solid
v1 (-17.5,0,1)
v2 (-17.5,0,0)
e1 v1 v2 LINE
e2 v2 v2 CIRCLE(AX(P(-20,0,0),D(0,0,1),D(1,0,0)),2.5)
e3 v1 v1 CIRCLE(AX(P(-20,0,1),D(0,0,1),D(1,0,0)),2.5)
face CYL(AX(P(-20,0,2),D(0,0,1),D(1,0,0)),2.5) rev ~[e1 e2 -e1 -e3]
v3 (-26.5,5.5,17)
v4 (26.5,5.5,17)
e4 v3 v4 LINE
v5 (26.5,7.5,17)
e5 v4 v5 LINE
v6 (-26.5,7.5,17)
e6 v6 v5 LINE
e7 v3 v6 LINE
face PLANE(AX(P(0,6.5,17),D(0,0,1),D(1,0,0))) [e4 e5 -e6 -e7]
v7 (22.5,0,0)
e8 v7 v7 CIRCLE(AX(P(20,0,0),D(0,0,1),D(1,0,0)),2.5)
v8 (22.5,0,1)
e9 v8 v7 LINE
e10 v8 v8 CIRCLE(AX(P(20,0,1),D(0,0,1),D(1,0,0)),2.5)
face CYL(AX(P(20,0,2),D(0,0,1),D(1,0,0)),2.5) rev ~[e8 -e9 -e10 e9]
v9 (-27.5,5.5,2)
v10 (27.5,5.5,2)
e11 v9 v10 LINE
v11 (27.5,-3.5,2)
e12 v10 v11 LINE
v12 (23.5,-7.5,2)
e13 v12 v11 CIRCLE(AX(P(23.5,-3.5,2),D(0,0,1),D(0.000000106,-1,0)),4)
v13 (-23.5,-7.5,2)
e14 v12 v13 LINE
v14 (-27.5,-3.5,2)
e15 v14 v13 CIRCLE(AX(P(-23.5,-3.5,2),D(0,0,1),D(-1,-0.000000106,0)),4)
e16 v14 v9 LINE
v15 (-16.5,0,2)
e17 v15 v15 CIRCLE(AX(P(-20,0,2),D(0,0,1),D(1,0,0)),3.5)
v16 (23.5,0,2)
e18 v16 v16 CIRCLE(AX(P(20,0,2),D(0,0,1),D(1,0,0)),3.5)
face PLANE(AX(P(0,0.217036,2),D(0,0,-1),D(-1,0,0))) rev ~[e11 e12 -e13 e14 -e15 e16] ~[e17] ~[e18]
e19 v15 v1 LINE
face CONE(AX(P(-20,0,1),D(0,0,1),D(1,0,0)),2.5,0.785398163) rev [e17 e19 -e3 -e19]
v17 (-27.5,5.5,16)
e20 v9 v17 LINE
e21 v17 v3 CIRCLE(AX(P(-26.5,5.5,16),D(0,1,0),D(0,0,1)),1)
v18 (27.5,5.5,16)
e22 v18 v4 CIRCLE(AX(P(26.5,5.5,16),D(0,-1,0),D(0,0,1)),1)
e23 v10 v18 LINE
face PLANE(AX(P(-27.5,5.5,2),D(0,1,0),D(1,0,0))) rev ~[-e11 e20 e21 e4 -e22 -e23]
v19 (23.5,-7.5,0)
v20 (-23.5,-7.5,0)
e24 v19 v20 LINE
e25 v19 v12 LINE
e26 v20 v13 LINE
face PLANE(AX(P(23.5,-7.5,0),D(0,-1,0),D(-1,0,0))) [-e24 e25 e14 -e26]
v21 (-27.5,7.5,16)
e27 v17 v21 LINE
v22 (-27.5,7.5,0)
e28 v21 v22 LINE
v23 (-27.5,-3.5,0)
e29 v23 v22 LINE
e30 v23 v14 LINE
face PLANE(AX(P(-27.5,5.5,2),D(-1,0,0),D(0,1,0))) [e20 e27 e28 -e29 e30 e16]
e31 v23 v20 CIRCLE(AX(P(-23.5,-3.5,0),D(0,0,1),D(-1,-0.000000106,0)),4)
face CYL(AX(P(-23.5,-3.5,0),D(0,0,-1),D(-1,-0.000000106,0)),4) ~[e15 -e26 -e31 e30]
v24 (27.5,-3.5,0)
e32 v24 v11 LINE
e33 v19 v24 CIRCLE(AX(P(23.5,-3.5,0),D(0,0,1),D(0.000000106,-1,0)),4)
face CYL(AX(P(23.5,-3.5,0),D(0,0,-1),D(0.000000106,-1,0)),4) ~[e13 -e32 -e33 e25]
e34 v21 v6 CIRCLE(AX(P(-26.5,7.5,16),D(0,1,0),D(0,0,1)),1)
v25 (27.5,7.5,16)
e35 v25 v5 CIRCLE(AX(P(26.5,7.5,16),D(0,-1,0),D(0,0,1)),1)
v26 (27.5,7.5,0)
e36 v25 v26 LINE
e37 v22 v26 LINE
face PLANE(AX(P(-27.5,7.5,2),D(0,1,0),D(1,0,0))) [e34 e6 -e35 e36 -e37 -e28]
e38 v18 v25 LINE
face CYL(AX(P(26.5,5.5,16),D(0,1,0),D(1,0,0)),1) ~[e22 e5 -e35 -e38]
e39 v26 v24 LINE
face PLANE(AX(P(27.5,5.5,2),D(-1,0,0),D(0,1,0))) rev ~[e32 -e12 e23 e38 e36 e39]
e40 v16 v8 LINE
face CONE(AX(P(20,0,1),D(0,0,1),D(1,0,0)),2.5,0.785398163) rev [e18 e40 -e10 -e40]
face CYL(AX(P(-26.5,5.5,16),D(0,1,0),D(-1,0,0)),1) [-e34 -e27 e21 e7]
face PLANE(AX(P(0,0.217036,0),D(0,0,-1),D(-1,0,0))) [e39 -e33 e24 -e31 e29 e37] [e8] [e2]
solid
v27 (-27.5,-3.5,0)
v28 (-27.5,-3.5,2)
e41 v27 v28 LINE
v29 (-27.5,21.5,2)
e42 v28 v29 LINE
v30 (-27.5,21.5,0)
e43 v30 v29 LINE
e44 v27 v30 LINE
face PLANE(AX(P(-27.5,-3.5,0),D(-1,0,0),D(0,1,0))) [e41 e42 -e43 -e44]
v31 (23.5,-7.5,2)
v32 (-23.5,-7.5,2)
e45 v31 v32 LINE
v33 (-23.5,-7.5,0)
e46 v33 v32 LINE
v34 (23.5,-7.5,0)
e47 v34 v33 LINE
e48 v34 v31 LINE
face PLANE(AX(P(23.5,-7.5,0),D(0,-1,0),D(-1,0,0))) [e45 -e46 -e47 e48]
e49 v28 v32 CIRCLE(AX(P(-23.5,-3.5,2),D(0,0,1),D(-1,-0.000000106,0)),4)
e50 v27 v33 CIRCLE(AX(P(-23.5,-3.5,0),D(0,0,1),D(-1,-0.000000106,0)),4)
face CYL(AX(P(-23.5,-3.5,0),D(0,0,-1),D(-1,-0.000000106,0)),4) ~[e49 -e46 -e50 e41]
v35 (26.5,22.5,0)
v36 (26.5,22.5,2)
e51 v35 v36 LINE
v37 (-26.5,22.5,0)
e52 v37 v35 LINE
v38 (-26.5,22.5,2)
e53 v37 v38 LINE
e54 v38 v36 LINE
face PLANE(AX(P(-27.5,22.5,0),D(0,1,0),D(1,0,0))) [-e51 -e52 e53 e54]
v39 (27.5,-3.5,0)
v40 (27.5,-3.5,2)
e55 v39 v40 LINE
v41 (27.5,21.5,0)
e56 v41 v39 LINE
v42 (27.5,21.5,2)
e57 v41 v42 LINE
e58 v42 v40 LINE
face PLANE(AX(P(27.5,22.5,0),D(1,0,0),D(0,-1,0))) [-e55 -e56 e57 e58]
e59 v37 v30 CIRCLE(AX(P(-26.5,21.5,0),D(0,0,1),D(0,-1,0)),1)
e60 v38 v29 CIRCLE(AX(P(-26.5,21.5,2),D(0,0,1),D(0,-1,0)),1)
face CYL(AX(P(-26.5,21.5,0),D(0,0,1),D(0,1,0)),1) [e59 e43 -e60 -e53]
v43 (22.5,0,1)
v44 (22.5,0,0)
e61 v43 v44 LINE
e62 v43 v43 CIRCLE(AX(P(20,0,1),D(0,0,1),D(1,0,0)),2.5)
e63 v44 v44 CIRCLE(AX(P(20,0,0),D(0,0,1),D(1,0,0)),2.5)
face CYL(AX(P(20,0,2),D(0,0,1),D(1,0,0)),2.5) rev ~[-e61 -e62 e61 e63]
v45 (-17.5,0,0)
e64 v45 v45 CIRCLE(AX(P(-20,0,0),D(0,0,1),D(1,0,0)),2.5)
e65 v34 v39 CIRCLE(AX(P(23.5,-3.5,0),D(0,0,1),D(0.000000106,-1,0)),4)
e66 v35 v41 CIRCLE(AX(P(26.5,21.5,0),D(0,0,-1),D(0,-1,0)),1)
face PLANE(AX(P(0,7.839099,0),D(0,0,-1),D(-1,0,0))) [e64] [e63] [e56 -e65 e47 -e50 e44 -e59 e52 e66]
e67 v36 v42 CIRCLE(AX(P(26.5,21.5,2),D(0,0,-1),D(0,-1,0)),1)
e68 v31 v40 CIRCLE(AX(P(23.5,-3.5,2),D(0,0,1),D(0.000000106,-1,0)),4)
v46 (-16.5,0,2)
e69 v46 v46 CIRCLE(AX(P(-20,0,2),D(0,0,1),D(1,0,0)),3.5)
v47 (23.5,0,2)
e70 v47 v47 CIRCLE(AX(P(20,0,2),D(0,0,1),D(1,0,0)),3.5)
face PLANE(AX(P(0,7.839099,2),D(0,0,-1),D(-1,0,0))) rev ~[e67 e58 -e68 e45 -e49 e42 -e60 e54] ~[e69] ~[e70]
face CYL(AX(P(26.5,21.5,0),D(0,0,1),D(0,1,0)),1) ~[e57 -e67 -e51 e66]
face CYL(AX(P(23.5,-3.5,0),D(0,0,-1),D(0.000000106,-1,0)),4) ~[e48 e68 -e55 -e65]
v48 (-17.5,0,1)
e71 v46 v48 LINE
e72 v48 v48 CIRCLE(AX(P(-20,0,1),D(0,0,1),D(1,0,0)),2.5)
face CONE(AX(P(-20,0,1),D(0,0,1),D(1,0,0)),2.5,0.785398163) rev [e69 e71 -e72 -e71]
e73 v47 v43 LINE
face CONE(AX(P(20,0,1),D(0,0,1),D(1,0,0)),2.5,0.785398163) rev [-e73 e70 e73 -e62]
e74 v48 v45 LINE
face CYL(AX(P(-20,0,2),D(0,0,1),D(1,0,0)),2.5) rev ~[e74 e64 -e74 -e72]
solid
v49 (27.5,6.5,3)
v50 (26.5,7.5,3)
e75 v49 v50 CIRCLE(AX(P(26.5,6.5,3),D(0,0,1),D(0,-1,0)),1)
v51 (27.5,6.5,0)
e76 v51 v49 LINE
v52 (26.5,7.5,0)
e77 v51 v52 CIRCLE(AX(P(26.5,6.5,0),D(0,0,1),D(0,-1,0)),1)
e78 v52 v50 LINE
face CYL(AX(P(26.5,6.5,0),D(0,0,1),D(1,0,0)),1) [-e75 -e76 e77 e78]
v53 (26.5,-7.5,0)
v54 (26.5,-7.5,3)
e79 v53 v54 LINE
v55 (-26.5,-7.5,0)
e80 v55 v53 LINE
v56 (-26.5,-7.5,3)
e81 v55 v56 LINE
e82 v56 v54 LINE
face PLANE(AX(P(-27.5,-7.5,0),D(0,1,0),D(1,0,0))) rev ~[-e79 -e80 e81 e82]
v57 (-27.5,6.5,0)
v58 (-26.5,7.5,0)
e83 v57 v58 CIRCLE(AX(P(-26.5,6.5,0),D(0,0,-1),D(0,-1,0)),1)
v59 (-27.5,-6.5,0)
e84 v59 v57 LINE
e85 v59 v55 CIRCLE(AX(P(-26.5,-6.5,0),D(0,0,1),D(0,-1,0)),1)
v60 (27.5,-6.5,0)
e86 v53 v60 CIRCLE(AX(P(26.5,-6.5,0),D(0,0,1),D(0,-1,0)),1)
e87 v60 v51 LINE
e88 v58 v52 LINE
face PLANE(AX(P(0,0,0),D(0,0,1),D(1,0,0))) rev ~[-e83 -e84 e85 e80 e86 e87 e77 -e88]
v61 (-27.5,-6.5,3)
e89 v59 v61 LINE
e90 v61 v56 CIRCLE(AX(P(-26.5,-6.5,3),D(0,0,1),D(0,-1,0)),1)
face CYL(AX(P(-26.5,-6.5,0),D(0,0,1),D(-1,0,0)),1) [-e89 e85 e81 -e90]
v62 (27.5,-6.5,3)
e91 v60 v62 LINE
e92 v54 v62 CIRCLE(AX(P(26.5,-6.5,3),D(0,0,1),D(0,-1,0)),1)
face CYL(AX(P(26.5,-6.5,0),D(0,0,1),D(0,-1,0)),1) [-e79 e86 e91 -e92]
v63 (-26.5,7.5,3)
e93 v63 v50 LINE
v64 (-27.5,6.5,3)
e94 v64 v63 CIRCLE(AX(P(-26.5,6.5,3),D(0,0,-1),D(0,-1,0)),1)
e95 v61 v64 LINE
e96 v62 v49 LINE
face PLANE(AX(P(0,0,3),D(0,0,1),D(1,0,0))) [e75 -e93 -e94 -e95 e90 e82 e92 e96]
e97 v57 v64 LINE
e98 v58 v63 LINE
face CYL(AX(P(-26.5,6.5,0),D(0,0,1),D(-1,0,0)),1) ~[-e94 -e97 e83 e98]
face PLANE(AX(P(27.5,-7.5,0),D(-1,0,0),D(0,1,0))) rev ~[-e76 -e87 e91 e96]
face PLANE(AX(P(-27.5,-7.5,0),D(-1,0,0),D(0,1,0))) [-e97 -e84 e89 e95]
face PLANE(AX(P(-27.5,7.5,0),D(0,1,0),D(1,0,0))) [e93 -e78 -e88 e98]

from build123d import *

# Parameters (mm, degrees)
PAD_DEPTH       = 2
SKETCH001_W     = 55
SKETCH001_H     = 2
PAD001_DEPTH    = 15
FILLET_R        = 1
SKETCH002_R     = 2.5
POCKET_DEPTH    = 2
CHAMFER_SIZE    = 1
PAD002_DEPTH    = 2
SKETCH004_R     = 2.5
POCKET001_DEPTH = 2
CHAMFER001_SIZE = 1
FILLET001_R     = 1
SKETCH005_W     = 55
SKETCH005_H     = 15
PAD003_DEPTH    = 3
FILLET002_R     = 1


with BuildPart() as battery_brackets_edge_body:
    # Sketch → Pad (new body)
    with BuildSketch(Plane.XY):
        with BuildLine():
            Line((-27.5, 7.5), (27.5, 7.5))
            Line((27.5, 7.5), (27.5, -3.5))
            ThreePointArc((23.5, -7.5), (26.328427, -6.328427), (27.5, -3.5))
            Line((23.5, -7.5), (-23.5, -7.5))
            ThreePointArc((-27.5, -3.5), (-26.328427, -6.328427), (-23.5, -7.5))
            Line((-27.5, -3.5), (-27.5, 7.5))
        make_face()
    extrude(amount=PAD_DEPTH)

    # Sketch001 (on Face8 of Pad) → Pad001 (join)
    with BuildSketch(Plane.XY.offset(2)):
        with Locations((0, 6.5)):
            Rectangle(SKETCH001_W, SKETCH001_H)
    extrude(amount=PAD001_DEPTH)

    # Fillet
    fillet_edges = [battery_brackets_edge_body.edges().sort_by_distance(p)[0] for p in [
        (-27.5, 6.5, 17),
        (27.5, 6.5, 17),
    ]]
    fillet(fillet_edges, radius=FILLET_R)

    # Sketch002 (on Face8 of Fillet) → Pocket (cut)
    with BuildSketch(Plane.XY.offset(2)):
        with Locations((-20, 0)):
            Circle(SKETCH002_R)
        with Locations((20, 0)):
            Circle(SKETCH002_R)
    extrude(amount=-POCKET_DEPTH, mode=Mode.SUBTRACT)

    # Chamfer
    chamfer_edges = [battery_brackets_edge_body.edges().sort_by_distance(p)[0] for p in [
        (17.5, 0, 2),
        (-22.5, 0, 2),
    ]]
    chamfer(chamfer_edges, length=CHAMFER_SIZE)


with BuildPart() as battery_brackets_flat_body:
    # Sketch003 → Pad002 (new body)
    with BuildSketch(Plane.XY):
        with BuildLine():
            Line((-27.5, 22.5), (27.5, 22.5))
            Line((27.5, 22.5), (27.5, -3.5))
            ThreePointArc((23.5, -7.5), (26.328427, -6.328427), (27.5, -3.5))
            Line((23.5, -7.5), (-23.5, -7.5))
            ThreePointArc((-27.5, -3.5), (-26.328427, -6.328427), (-23.5, -7.5))
            Line((-27.5, -3.5), (-27.5, 22.5))
        make_face()
    extrude(amount=PAD002_DEPTH)

    # Sketch004 (on Face8 of Pad002) → Pocket001 (cut)
    with BuildSketch(Plane.XY.offset(2)):
        with Locations((-20, 0)):
            Circle(SKETCH004_R)
        with Locations((20, 0)):
            Circle(SKETCH004_R)
    extrude(amount=-POCKET001_DEPTH, mode=Mode.SUBTRACT)

    # Chamfer001
    chamfer001_edges = [battery_brackets_flat_body.edges().sort_by_distance(p)[0] for p in [
        (-22.5, 0, 2),
        (17.5, 0, 2),
    ]]
    chamfer(chamfer001_edges, length=CHAMFER001_SIZE)

    # Fillet001
    fillet001_edges = [battery_brackets_flat_body.edges().sort_by_distance(p)[0] for p in [
        (27.5, 22.5, 1),
        (-27.5, 22.5, 1),
    ]]
    fillet(fillet001_edges, radius=FILLET001_R)


with BuildPart() as battery_brackets_flat_shim_body:
    # Sketch005 → Pad003 (new body)
    with BuildSketch(Plane.XY):
        Rectangle(SKETCH005_W, SKETCH005_H)
    extrude(amount=PAD003_DEPTH)

    # Fillet002
    fillet002_edges = [battery_brackets_flat_shim_body.edges().sort_by_distance(p)[0] for p in [
        (-27.5, -7.5, 1.5),
        (27.5, -7.5, 1.5),
        (-27.5, 7.5, 1.5),
        (27.5, 7.5, 1.5),
    ]]
    fillet(fillet002_edges, radius=FILLET002_R)


solid = Compound([battery_brackets_edge_body.part, battery_brackets_flat_body.part, battery_brackets_flat_shim_body.part])
